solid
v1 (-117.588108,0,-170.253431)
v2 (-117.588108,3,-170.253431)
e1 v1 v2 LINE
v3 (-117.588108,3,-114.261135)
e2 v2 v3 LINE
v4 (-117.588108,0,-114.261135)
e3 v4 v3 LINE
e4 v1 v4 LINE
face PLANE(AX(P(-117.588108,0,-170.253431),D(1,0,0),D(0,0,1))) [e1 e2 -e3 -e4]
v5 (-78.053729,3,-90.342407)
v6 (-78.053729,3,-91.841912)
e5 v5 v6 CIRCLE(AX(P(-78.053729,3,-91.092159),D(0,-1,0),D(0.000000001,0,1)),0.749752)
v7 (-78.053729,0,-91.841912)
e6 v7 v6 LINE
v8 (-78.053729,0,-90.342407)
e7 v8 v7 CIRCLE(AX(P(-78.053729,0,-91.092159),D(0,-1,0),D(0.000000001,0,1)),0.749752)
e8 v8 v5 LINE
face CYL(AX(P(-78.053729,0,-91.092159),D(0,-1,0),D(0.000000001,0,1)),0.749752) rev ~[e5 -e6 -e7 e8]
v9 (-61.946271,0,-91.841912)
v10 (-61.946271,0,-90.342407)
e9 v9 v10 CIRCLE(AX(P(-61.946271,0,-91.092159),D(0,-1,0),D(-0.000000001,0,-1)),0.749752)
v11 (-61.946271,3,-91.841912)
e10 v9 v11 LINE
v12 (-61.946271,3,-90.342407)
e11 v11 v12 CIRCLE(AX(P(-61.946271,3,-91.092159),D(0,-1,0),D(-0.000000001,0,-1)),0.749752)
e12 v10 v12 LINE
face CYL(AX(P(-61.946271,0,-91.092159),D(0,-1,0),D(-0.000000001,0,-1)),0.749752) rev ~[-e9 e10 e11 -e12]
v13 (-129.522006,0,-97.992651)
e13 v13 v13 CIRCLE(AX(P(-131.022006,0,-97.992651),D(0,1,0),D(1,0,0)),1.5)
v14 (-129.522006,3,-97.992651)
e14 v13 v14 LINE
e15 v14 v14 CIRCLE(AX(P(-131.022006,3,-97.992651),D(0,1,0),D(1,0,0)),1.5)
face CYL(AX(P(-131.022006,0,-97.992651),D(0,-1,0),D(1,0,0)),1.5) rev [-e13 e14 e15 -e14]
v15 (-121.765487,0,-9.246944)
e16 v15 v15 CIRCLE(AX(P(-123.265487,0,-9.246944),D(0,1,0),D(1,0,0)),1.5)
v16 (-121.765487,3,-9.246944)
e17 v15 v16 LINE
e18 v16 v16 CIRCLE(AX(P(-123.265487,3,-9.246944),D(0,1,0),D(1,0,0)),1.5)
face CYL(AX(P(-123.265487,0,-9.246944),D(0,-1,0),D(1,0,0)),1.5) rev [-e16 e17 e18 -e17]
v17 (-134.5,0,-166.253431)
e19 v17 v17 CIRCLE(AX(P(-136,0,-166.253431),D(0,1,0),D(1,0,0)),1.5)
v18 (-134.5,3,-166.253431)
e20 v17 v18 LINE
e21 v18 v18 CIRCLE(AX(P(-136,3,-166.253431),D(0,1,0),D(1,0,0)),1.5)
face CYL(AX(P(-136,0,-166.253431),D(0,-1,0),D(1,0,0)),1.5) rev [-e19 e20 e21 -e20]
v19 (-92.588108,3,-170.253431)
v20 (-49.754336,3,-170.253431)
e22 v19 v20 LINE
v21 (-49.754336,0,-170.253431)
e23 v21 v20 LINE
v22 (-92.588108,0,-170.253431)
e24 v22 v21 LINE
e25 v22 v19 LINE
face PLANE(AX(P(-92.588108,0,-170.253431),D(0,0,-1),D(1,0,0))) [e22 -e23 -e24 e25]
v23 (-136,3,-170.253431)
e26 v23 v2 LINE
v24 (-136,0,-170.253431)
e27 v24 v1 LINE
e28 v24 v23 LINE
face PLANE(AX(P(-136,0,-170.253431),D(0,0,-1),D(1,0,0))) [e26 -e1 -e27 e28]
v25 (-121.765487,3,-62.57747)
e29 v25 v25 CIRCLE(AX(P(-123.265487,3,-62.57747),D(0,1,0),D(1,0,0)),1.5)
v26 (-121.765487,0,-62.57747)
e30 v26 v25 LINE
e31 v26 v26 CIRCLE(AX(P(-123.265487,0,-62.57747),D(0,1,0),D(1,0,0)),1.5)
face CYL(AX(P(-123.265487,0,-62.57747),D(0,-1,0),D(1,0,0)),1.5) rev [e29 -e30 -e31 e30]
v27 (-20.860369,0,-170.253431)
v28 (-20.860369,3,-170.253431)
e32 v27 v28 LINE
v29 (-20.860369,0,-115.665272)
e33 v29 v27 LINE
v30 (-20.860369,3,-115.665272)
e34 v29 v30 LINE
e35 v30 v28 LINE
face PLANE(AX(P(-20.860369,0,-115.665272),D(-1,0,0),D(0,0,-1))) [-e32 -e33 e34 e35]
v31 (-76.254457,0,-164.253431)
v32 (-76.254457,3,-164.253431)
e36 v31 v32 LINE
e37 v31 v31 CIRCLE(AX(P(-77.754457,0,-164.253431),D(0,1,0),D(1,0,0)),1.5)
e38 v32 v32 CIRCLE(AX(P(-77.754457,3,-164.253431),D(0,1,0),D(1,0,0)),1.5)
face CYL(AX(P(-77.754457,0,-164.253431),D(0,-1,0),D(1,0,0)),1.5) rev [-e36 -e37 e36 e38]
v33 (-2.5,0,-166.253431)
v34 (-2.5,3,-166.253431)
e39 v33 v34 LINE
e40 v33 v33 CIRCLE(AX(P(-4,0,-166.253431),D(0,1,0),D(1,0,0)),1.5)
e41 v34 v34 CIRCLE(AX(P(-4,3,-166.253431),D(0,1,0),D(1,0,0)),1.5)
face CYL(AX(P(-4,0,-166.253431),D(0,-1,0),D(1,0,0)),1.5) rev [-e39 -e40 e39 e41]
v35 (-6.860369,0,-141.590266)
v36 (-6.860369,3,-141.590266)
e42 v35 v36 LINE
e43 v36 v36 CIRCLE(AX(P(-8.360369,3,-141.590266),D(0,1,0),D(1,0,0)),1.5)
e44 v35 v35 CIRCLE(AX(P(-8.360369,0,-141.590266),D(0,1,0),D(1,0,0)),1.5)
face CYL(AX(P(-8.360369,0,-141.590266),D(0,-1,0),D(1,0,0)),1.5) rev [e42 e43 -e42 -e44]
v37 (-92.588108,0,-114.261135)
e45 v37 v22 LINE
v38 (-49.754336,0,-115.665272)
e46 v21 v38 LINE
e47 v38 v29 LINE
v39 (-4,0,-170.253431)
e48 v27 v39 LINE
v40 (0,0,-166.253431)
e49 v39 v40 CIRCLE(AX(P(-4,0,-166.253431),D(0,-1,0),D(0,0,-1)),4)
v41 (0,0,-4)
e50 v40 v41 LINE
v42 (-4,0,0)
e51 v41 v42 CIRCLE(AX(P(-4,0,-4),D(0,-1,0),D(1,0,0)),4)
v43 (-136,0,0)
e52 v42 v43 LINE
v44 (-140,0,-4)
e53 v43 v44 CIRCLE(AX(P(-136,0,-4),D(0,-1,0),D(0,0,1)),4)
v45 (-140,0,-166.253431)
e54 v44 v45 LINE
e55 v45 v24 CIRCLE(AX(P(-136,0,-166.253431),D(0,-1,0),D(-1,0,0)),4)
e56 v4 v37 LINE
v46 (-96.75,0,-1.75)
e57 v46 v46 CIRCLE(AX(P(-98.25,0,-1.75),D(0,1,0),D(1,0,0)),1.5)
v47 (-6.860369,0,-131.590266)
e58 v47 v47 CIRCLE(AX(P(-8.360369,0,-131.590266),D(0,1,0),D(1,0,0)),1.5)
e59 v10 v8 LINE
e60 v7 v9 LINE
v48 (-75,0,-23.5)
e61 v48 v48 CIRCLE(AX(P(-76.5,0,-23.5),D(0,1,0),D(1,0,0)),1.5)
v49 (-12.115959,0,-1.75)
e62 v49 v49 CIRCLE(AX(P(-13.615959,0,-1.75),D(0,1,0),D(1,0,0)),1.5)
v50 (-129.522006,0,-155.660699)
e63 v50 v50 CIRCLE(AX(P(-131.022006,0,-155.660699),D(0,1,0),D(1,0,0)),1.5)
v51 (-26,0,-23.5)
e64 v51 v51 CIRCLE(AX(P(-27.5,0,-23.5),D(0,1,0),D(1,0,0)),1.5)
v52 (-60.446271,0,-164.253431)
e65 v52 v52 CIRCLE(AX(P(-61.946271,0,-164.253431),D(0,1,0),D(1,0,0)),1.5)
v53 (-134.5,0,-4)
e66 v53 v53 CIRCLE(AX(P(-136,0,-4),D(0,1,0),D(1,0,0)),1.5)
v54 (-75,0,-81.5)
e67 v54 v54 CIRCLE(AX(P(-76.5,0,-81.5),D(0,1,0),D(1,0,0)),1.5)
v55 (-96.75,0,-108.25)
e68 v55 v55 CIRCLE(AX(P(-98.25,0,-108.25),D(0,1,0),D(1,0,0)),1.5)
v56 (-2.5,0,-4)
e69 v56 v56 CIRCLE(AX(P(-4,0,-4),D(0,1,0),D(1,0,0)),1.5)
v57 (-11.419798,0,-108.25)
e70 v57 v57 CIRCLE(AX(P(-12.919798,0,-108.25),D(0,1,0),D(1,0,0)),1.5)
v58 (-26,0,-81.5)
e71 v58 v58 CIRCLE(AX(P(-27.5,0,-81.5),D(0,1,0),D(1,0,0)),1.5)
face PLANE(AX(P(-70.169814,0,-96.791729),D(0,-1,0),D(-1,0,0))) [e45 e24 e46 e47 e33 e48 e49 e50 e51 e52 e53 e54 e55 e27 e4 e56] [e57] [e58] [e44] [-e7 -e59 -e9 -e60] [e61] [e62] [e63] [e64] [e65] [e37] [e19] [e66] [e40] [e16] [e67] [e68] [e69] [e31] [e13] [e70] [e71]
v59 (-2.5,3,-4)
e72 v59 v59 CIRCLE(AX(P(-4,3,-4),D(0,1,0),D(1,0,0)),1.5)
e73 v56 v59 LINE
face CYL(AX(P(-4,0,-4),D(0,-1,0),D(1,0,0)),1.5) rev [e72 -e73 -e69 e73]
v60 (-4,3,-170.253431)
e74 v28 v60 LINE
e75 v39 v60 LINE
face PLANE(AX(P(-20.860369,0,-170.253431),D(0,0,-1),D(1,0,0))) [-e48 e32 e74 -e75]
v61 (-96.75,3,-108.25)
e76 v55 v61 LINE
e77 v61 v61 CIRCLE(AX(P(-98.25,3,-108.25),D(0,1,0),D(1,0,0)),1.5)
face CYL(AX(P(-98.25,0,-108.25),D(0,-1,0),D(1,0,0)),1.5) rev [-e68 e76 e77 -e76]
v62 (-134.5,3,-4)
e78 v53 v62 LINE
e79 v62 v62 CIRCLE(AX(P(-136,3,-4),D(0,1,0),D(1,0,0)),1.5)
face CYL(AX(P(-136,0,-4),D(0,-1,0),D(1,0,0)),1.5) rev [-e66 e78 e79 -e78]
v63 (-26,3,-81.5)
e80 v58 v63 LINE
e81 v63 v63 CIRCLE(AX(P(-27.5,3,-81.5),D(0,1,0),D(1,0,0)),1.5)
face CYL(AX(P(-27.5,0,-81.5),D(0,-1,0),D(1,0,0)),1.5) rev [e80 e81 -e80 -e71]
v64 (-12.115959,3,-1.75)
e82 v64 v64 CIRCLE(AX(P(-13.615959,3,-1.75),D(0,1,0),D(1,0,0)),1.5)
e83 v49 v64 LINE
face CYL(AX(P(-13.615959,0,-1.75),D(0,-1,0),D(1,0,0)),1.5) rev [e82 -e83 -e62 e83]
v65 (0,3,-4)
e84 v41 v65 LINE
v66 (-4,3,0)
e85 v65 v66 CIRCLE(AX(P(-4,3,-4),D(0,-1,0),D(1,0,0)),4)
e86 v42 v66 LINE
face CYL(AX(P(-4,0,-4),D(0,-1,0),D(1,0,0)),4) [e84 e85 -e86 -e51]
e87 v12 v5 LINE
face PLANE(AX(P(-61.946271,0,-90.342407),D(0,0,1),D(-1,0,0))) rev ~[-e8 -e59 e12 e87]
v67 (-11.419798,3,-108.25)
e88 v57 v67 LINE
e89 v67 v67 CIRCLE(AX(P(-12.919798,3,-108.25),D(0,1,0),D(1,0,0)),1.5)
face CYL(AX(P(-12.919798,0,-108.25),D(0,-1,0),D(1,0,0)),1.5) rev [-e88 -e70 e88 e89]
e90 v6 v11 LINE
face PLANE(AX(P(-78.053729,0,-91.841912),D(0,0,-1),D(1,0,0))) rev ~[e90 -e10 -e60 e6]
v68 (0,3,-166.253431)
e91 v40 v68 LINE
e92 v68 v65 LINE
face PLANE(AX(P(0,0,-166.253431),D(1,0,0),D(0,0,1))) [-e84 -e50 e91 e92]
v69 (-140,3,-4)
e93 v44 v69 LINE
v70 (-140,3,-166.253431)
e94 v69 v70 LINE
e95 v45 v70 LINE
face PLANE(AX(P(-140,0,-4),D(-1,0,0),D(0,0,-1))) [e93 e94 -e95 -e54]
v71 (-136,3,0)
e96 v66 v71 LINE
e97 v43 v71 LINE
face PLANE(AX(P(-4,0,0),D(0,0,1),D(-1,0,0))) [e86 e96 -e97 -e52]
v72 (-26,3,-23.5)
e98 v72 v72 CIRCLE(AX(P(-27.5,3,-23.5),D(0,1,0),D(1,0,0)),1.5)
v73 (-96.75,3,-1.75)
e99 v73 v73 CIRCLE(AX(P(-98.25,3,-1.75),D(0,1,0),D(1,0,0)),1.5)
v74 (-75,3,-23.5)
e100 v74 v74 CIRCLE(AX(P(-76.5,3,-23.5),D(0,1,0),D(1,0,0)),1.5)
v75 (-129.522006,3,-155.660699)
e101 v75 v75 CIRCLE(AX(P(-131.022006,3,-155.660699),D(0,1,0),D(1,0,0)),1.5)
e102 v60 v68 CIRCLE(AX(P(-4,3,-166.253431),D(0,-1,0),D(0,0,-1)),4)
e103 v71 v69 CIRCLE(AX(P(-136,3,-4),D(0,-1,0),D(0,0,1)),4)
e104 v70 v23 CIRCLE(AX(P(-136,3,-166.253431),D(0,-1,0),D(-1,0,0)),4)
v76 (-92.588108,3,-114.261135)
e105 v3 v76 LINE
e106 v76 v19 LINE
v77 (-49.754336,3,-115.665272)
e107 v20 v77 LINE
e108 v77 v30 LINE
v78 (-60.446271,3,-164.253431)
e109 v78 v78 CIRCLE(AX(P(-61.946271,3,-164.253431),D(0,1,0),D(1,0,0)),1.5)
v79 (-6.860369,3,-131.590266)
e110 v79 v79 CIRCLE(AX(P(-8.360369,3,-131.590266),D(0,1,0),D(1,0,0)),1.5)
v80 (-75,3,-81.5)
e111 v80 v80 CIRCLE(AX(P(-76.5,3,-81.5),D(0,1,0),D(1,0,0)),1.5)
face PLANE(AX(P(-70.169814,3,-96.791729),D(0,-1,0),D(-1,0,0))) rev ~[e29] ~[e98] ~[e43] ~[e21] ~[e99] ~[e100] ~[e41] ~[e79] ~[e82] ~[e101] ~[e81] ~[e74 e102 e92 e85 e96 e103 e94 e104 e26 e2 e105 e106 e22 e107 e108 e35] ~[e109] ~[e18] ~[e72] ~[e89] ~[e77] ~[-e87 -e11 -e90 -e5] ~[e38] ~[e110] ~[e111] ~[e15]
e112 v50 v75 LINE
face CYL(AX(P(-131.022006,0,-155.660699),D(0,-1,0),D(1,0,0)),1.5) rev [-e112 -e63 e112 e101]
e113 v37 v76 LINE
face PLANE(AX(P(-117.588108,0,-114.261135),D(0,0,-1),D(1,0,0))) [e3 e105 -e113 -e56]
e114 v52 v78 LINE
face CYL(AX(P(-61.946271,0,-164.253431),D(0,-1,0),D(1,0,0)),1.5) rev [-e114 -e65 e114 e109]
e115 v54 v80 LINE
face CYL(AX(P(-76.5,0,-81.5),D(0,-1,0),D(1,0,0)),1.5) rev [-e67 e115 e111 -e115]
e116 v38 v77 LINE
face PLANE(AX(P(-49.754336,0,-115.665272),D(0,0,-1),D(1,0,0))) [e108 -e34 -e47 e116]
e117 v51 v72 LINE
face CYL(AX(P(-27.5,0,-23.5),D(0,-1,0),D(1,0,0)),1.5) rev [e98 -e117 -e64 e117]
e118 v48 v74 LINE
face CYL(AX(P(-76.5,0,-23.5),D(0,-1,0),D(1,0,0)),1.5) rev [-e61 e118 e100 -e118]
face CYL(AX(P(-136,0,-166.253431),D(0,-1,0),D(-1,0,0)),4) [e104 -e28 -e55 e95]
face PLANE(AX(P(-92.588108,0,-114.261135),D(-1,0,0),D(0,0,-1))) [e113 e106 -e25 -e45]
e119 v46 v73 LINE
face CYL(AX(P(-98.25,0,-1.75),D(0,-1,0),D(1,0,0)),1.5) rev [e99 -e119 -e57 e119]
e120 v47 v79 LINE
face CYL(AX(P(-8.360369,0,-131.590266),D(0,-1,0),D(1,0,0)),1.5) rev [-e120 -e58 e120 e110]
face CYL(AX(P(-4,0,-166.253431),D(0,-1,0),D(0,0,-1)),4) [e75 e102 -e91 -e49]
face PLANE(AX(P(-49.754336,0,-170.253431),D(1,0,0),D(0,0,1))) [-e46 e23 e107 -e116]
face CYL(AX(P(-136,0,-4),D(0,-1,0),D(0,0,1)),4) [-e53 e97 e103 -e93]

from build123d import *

# Parameters (mm, degrees)
SKETCH1_R           = 1.5
BOSS_EXTRUDE1_DEPTH = 3


with BuildPart() as part:
    # Sketch1 → Boss-Extrude1 (new body)
    with BuildSketch(Plane(origin=(0, 0, 0), x_dir=(1, 0, 0), z_dir=(0, 1, 0))):
        with BuildLine():
            Line((-4, 0), (-136, 0))
            ThreePointArc((-136, 0), (-138.828427125, 1.171572875), (-140, 4))
            Line((-140, 4), (-140, 166.25343074))
            ThreePointArc((-140, 166.25343074), (-138.828427125, 169.081857865), (-136, 170.25343074))
            Line((-136, 170.25343074), (-117.588107797, 170.25343074))
            Line((-117.588107797, 170.25343074), (-117.588107797, 114.261134971))
            Line((-117.588107797, 114.261134971), (-92.588107797, 114.261134971))
            Line((-92.588107797, 114.261134971), (-92.588107797, 170.25343074))
            Line((-92.588107797, 170.25343074), (-49.754336385, 170.25343074))
            Line((-49.754336385, 170.25343074), (-49.754336385, 115.66527195))
            Line((-49.754336385, 115.66527195), (-20.860369091, 115.66527195))
            Line((-20.860369091, 115.66527195), (-20.860369091, 170.25343074))
            Line((-20.860369091, 170.25343074), (-4, 170.25343074))
            ThreePointArc((-4, 170.25343074), (-1.171572875, 169.081857865), (0, 166.25343074))
            Line((0, 166.25343074), (0, 4))
            ThreePointArc((0, 4), (-1.171572875, 1.171572875), (-4, 0))
        make_face()
        with Locations((-136, 166.25343074)):
            Circle(SKETCH1_R, mode=Mode.SUBTRACT)
        with Locations((-4, 166.25343074)):
            Circle(SKETCH1_R, mode=Mode.SUBTRACT)
        with Locations((-136, 4)):
            Circle(SKETCH1_R, mode=Mode.SUBTRACT)
        with Locations((-4, 4)):
            Circle(SKETCH1_R, mode=Mode.SUBTRACT)
        with Locations((-8.360369091, 141.5902664)):
            Circle(SKETCH1_R, mode=Mode.SUBTRACT)
        with Locations((-8.360369091, 131.5902664)):
            Circle(SKETCH1_R, mode=Mode.SUBTRACT)
        with Locations((-123.265486726, 62.577470458)):
            Circle(SKETCH1_R, mode=Mode.SUBTRACT)
        with Locations((-123.265486726, 9.24694437)):
            Circle(SKETCH1_R, mode=Mode.SUBTRACT)
        with Locations((-61.946271424, 164.25343074)):
            Circle(SKETCH1_R, mode=Mode.SUBTRACT)
        with Locations((-77.75445726, 164.25343074)):
            Circle(SKETCH1_R, mode=Mode.SUBTRACT)
        with Locations((-131.022006432, 155.660698945)):
            Circle(SKETCH1_R, mode=Mode.SUBTRACT)
        with Locations((-131.022006432, 97.992651369)):
            Circle(SKETCH1_R, mode=Mode.SUBTRACT)
        with Locations((-27.5, 81.5)):
            Circle(SKETCH1_R, mode=Mode.SUBTRACT)
        with Locations((-76.5, 81.5)):
            Circle(SKETCH1_R, mode=Mode.SUBTRACT)
        with Locations((-27.5, 23.5)):
            Circle(SKETCH1_R, mode=Mode.SUBTRACT)
        with Locations((-76.5, 23.5)):
            Circle(SKETCH1_R, mode=Mode.SUBTRACT)
        with Locations((-98.25, 108.25)):
            Circle(SKETCH1_R, mode=Mode.SUBTRACT)
        with Locations((-12.919798313, 108.25)):
            Circle(SKETCH1_R, mode=Mode.SUBTRACT)
        with Locations((-98.25, 1.75)):
            Circle(SKETCH1_R, mode=Mode.SUBTRACT)
        with Locations((-13.615959215, 1.75)):
            Circle(SKETCH1_R, mode=Mode.SUBTRACT)
        with BuildLine():
            Line((-78.053728576, 91.841911577), (-61.946271424, 91.841911577))
            ThreePointArc((-61.946271424, 91.841911577), (-61.196519269, 91.092159423), (-61.946271424, 90.342407268))
            Line((-61.946271424, 90.342407268), (-78.053728576, 90.342407268))
            ThreePointArc((-78.053728576, 90.342407268), (-78.803480731, 91.092159423), (-78.053728576, 91.841911577))
        make_face(mode=Mode.SUBTRACT)
    extrude(amount=BOSS_EXTRUDE1_DEPTH)


solid = part.part
